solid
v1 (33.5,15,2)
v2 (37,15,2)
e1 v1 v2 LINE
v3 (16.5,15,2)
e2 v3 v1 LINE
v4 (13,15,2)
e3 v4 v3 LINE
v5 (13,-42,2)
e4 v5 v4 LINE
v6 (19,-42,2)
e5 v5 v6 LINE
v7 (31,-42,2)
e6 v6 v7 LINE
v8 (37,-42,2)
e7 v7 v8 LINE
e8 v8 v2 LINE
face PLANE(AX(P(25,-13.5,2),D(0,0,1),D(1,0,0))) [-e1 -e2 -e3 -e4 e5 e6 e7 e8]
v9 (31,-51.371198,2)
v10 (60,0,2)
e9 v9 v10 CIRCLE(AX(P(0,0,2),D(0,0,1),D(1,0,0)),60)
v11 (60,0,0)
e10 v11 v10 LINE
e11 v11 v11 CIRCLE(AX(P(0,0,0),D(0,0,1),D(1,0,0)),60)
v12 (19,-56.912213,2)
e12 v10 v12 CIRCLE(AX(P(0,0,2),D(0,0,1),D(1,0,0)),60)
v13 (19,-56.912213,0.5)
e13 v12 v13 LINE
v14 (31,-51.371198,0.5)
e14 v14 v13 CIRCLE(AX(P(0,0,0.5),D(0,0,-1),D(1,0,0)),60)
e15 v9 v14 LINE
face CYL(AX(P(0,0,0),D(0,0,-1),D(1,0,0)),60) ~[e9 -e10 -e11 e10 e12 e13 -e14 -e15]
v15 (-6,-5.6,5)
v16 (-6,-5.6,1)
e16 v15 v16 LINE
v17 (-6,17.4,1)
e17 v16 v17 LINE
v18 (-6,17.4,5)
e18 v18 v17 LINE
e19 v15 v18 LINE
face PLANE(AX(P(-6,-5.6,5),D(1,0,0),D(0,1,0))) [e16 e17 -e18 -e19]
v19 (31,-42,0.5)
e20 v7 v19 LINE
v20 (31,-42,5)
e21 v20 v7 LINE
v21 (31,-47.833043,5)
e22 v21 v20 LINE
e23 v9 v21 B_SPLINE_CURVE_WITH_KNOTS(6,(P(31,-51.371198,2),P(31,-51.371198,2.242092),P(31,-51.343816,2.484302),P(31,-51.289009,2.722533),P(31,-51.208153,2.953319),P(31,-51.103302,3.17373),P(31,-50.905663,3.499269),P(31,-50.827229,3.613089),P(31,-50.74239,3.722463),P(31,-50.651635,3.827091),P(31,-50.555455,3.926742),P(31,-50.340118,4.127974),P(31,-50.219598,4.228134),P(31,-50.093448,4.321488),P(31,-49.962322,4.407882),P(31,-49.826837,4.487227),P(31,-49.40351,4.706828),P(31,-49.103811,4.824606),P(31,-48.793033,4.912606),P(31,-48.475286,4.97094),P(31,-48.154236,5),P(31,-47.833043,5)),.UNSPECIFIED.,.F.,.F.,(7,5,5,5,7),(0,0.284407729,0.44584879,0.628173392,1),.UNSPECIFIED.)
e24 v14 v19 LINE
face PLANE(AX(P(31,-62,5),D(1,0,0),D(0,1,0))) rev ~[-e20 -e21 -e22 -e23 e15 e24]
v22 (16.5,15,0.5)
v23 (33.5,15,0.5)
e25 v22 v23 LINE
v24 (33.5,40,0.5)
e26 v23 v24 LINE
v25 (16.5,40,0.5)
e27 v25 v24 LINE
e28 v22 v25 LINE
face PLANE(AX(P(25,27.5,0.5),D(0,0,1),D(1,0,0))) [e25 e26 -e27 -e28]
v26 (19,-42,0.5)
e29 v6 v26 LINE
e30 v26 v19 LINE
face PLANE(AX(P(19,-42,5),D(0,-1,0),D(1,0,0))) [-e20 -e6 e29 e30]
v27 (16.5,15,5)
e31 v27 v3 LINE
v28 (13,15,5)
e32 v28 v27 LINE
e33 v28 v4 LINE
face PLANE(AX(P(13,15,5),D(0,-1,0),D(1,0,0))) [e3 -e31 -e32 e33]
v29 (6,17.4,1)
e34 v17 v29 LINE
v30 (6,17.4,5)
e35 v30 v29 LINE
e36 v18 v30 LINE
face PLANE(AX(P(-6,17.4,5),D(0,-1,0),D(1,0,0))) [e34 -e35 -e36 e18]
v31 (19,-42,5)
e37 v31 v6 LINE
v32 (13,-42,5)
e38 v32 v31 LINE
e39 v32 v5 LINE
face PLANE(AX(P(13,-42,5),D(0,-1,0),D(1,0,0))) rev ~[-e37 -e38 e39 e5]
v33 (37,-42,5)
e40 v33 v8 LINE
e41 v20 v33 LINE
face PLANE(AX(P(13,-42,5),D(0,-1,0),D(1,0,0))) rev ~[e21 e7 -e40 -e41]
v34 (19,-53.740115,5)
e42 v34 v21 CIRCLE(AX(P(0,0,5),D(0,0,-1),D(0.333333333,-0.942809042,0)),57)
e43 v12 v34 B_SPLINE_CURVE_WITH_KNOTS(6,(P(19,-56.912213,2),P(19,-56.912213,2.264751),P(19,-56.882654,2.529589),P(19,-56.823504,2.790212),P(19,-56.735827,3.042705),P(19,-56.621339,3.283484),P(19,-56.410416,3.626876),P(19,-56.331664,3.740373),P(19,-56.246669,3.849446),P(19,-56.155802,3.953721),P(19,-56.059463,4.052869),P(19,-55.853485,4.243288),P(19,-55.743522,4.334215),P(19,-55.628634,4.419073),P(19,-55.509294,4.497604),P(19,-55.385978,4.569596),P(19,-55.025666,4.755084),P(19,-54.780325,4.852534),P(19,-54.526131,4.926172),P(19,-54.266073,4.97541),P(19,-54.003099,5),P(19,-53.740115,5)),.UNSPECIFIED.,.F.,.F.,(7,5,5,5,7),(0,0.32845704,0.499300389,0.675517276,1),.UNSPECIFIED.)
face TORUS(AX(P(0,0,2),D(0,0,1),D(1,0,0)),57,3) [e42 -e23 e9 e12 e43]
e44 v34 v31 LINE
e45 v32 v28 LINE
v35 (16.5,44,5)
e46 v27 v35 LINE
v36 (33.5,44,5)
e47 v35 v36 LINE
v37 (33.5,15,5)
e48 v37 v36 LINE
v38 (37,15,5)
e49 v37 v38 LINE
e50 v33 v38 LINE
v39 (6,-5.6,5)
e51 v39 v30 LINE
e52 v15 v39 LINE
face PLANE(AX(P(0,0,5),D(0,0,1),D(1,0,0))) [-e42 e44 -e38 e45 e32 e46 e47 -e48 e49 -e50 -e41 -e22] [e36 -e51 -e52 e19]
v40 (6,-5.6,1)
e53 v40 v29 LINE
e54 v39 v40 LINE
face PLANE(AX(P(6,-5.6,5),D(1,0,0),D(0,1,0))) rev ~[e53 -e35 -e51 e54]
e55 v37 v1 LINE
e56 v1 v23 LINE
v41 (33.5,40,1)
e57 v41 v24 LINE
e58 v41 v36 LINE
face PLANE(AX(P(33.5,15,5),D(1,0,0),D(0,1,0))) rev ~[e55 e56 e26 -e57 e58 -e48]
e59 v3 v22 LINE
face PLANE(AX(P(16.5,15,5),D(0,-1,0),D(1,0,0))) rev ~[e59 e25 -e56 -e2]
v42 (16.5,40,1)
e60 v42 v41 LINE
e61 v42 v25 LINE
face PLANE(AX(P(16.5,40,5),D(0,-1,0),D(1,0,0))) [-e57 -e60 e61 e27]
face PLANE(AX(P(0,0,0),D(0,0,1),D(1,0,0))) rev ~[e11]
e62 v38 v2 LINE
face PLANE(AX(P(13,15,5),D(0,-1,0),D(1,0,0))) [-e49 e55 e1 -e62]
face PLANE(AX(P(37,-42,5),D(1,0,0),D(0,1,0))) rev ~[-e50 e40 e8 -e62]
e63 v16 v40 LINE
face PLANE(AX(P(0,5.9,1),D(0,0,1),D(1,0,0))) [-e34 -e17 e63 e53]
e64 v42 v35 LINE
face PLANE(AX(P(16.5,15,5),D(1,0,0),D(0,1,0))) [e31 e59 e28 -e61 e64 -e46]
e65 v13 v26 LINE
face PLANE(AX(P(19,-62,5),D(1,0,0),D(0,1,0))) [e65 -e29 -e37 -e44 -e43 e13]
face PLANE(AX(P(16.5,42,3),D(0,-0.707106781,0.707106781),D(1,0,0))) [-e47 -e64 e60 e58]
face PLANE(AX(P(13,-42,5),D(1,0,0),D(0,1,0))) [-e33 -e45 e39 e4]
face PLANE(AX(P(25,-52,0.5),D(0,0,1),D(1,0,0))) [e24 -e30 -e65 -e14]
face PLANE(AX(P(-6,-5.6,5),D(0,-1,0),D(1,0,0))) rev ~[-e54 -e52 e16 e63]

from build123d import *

# Parameters (mm, degrees)
SKETCH_R        = 60
PAD_DEPTH       = 5
SKETCH001_W     = 12
SKETCH001_H     = 23
POCKET_DEPTH    = 4
FILLET_R        = 3
SKETCH002_W     = 24
SKETCH002_H     = 57
POCKET001_DEPTH = 3
SKETCH003_W     = 17
SKETCH003_H     = 25
SKETCH003_W_2   = 12
SKETCH003_H_2   = 20
POCKET002_DEPTH = 4.5
CHAMFER_SIZE    = 4


with BuildPart() as part:
    # Sketch → Pad (new body)
    with BuildSketch(Plane.XY):
        Circle(SKETCH_R)
    extrude(amount=PAD_DEPTH)

    # Sketch001 (on Face3 of Pad) → Pocket (cut)
    with BuildSketch(Plane.XY.offset(5)):
        with Locations((0, 5.9)):
            Rectangle(SKETCH001_W, SKETCH001_H)
    extrude(amount=-POCKET_DEPTH, mode=Mode.SUBTRACT)

    # Fillet
    fillet_edges = [part.edges().sort_by_distance(p)[0] for p in [
        (-60, 0, 5),
    ]]
    fillet(fillet_edges, radius=FILLET_R)

    # Sketch002 (on Face4 of Fillet) → Pocket001 (cut)
    with BuildSketch(Plane.XY.offset(5)):
        with Locations((25, -13.5)):
            Rectangle(SKETCH002_W, SKETCH002_H)
    extrude(amount=-POCKET001_DEPTH, mode=Mode.SUBTRACT)

    # Sketch003 (on Face4 of Pocket001) → Pocket002 (cut)
    with BuildSketch(Plane.XY.offset(5)):
        with Locations((25, 27.5)):
            Rectangle(SKETCH003_W, SKETCH003_H)
        with Locations((25, -52)):
            Rectangle(SKETCH003_W_2, SKETCH003_H_2)
    extrude(amount=-POCKET002_DEPTH, mode=Mode.SUBTRACT)

    # Chamfer
    chamfer_edges = [part.edges().sort_by_distance(p)[0] for p in [
        (25, 40, 5),
    ]]
    chamfer(chamfer_edges, length=CHAMFER_SIZE)


solid = part.part
